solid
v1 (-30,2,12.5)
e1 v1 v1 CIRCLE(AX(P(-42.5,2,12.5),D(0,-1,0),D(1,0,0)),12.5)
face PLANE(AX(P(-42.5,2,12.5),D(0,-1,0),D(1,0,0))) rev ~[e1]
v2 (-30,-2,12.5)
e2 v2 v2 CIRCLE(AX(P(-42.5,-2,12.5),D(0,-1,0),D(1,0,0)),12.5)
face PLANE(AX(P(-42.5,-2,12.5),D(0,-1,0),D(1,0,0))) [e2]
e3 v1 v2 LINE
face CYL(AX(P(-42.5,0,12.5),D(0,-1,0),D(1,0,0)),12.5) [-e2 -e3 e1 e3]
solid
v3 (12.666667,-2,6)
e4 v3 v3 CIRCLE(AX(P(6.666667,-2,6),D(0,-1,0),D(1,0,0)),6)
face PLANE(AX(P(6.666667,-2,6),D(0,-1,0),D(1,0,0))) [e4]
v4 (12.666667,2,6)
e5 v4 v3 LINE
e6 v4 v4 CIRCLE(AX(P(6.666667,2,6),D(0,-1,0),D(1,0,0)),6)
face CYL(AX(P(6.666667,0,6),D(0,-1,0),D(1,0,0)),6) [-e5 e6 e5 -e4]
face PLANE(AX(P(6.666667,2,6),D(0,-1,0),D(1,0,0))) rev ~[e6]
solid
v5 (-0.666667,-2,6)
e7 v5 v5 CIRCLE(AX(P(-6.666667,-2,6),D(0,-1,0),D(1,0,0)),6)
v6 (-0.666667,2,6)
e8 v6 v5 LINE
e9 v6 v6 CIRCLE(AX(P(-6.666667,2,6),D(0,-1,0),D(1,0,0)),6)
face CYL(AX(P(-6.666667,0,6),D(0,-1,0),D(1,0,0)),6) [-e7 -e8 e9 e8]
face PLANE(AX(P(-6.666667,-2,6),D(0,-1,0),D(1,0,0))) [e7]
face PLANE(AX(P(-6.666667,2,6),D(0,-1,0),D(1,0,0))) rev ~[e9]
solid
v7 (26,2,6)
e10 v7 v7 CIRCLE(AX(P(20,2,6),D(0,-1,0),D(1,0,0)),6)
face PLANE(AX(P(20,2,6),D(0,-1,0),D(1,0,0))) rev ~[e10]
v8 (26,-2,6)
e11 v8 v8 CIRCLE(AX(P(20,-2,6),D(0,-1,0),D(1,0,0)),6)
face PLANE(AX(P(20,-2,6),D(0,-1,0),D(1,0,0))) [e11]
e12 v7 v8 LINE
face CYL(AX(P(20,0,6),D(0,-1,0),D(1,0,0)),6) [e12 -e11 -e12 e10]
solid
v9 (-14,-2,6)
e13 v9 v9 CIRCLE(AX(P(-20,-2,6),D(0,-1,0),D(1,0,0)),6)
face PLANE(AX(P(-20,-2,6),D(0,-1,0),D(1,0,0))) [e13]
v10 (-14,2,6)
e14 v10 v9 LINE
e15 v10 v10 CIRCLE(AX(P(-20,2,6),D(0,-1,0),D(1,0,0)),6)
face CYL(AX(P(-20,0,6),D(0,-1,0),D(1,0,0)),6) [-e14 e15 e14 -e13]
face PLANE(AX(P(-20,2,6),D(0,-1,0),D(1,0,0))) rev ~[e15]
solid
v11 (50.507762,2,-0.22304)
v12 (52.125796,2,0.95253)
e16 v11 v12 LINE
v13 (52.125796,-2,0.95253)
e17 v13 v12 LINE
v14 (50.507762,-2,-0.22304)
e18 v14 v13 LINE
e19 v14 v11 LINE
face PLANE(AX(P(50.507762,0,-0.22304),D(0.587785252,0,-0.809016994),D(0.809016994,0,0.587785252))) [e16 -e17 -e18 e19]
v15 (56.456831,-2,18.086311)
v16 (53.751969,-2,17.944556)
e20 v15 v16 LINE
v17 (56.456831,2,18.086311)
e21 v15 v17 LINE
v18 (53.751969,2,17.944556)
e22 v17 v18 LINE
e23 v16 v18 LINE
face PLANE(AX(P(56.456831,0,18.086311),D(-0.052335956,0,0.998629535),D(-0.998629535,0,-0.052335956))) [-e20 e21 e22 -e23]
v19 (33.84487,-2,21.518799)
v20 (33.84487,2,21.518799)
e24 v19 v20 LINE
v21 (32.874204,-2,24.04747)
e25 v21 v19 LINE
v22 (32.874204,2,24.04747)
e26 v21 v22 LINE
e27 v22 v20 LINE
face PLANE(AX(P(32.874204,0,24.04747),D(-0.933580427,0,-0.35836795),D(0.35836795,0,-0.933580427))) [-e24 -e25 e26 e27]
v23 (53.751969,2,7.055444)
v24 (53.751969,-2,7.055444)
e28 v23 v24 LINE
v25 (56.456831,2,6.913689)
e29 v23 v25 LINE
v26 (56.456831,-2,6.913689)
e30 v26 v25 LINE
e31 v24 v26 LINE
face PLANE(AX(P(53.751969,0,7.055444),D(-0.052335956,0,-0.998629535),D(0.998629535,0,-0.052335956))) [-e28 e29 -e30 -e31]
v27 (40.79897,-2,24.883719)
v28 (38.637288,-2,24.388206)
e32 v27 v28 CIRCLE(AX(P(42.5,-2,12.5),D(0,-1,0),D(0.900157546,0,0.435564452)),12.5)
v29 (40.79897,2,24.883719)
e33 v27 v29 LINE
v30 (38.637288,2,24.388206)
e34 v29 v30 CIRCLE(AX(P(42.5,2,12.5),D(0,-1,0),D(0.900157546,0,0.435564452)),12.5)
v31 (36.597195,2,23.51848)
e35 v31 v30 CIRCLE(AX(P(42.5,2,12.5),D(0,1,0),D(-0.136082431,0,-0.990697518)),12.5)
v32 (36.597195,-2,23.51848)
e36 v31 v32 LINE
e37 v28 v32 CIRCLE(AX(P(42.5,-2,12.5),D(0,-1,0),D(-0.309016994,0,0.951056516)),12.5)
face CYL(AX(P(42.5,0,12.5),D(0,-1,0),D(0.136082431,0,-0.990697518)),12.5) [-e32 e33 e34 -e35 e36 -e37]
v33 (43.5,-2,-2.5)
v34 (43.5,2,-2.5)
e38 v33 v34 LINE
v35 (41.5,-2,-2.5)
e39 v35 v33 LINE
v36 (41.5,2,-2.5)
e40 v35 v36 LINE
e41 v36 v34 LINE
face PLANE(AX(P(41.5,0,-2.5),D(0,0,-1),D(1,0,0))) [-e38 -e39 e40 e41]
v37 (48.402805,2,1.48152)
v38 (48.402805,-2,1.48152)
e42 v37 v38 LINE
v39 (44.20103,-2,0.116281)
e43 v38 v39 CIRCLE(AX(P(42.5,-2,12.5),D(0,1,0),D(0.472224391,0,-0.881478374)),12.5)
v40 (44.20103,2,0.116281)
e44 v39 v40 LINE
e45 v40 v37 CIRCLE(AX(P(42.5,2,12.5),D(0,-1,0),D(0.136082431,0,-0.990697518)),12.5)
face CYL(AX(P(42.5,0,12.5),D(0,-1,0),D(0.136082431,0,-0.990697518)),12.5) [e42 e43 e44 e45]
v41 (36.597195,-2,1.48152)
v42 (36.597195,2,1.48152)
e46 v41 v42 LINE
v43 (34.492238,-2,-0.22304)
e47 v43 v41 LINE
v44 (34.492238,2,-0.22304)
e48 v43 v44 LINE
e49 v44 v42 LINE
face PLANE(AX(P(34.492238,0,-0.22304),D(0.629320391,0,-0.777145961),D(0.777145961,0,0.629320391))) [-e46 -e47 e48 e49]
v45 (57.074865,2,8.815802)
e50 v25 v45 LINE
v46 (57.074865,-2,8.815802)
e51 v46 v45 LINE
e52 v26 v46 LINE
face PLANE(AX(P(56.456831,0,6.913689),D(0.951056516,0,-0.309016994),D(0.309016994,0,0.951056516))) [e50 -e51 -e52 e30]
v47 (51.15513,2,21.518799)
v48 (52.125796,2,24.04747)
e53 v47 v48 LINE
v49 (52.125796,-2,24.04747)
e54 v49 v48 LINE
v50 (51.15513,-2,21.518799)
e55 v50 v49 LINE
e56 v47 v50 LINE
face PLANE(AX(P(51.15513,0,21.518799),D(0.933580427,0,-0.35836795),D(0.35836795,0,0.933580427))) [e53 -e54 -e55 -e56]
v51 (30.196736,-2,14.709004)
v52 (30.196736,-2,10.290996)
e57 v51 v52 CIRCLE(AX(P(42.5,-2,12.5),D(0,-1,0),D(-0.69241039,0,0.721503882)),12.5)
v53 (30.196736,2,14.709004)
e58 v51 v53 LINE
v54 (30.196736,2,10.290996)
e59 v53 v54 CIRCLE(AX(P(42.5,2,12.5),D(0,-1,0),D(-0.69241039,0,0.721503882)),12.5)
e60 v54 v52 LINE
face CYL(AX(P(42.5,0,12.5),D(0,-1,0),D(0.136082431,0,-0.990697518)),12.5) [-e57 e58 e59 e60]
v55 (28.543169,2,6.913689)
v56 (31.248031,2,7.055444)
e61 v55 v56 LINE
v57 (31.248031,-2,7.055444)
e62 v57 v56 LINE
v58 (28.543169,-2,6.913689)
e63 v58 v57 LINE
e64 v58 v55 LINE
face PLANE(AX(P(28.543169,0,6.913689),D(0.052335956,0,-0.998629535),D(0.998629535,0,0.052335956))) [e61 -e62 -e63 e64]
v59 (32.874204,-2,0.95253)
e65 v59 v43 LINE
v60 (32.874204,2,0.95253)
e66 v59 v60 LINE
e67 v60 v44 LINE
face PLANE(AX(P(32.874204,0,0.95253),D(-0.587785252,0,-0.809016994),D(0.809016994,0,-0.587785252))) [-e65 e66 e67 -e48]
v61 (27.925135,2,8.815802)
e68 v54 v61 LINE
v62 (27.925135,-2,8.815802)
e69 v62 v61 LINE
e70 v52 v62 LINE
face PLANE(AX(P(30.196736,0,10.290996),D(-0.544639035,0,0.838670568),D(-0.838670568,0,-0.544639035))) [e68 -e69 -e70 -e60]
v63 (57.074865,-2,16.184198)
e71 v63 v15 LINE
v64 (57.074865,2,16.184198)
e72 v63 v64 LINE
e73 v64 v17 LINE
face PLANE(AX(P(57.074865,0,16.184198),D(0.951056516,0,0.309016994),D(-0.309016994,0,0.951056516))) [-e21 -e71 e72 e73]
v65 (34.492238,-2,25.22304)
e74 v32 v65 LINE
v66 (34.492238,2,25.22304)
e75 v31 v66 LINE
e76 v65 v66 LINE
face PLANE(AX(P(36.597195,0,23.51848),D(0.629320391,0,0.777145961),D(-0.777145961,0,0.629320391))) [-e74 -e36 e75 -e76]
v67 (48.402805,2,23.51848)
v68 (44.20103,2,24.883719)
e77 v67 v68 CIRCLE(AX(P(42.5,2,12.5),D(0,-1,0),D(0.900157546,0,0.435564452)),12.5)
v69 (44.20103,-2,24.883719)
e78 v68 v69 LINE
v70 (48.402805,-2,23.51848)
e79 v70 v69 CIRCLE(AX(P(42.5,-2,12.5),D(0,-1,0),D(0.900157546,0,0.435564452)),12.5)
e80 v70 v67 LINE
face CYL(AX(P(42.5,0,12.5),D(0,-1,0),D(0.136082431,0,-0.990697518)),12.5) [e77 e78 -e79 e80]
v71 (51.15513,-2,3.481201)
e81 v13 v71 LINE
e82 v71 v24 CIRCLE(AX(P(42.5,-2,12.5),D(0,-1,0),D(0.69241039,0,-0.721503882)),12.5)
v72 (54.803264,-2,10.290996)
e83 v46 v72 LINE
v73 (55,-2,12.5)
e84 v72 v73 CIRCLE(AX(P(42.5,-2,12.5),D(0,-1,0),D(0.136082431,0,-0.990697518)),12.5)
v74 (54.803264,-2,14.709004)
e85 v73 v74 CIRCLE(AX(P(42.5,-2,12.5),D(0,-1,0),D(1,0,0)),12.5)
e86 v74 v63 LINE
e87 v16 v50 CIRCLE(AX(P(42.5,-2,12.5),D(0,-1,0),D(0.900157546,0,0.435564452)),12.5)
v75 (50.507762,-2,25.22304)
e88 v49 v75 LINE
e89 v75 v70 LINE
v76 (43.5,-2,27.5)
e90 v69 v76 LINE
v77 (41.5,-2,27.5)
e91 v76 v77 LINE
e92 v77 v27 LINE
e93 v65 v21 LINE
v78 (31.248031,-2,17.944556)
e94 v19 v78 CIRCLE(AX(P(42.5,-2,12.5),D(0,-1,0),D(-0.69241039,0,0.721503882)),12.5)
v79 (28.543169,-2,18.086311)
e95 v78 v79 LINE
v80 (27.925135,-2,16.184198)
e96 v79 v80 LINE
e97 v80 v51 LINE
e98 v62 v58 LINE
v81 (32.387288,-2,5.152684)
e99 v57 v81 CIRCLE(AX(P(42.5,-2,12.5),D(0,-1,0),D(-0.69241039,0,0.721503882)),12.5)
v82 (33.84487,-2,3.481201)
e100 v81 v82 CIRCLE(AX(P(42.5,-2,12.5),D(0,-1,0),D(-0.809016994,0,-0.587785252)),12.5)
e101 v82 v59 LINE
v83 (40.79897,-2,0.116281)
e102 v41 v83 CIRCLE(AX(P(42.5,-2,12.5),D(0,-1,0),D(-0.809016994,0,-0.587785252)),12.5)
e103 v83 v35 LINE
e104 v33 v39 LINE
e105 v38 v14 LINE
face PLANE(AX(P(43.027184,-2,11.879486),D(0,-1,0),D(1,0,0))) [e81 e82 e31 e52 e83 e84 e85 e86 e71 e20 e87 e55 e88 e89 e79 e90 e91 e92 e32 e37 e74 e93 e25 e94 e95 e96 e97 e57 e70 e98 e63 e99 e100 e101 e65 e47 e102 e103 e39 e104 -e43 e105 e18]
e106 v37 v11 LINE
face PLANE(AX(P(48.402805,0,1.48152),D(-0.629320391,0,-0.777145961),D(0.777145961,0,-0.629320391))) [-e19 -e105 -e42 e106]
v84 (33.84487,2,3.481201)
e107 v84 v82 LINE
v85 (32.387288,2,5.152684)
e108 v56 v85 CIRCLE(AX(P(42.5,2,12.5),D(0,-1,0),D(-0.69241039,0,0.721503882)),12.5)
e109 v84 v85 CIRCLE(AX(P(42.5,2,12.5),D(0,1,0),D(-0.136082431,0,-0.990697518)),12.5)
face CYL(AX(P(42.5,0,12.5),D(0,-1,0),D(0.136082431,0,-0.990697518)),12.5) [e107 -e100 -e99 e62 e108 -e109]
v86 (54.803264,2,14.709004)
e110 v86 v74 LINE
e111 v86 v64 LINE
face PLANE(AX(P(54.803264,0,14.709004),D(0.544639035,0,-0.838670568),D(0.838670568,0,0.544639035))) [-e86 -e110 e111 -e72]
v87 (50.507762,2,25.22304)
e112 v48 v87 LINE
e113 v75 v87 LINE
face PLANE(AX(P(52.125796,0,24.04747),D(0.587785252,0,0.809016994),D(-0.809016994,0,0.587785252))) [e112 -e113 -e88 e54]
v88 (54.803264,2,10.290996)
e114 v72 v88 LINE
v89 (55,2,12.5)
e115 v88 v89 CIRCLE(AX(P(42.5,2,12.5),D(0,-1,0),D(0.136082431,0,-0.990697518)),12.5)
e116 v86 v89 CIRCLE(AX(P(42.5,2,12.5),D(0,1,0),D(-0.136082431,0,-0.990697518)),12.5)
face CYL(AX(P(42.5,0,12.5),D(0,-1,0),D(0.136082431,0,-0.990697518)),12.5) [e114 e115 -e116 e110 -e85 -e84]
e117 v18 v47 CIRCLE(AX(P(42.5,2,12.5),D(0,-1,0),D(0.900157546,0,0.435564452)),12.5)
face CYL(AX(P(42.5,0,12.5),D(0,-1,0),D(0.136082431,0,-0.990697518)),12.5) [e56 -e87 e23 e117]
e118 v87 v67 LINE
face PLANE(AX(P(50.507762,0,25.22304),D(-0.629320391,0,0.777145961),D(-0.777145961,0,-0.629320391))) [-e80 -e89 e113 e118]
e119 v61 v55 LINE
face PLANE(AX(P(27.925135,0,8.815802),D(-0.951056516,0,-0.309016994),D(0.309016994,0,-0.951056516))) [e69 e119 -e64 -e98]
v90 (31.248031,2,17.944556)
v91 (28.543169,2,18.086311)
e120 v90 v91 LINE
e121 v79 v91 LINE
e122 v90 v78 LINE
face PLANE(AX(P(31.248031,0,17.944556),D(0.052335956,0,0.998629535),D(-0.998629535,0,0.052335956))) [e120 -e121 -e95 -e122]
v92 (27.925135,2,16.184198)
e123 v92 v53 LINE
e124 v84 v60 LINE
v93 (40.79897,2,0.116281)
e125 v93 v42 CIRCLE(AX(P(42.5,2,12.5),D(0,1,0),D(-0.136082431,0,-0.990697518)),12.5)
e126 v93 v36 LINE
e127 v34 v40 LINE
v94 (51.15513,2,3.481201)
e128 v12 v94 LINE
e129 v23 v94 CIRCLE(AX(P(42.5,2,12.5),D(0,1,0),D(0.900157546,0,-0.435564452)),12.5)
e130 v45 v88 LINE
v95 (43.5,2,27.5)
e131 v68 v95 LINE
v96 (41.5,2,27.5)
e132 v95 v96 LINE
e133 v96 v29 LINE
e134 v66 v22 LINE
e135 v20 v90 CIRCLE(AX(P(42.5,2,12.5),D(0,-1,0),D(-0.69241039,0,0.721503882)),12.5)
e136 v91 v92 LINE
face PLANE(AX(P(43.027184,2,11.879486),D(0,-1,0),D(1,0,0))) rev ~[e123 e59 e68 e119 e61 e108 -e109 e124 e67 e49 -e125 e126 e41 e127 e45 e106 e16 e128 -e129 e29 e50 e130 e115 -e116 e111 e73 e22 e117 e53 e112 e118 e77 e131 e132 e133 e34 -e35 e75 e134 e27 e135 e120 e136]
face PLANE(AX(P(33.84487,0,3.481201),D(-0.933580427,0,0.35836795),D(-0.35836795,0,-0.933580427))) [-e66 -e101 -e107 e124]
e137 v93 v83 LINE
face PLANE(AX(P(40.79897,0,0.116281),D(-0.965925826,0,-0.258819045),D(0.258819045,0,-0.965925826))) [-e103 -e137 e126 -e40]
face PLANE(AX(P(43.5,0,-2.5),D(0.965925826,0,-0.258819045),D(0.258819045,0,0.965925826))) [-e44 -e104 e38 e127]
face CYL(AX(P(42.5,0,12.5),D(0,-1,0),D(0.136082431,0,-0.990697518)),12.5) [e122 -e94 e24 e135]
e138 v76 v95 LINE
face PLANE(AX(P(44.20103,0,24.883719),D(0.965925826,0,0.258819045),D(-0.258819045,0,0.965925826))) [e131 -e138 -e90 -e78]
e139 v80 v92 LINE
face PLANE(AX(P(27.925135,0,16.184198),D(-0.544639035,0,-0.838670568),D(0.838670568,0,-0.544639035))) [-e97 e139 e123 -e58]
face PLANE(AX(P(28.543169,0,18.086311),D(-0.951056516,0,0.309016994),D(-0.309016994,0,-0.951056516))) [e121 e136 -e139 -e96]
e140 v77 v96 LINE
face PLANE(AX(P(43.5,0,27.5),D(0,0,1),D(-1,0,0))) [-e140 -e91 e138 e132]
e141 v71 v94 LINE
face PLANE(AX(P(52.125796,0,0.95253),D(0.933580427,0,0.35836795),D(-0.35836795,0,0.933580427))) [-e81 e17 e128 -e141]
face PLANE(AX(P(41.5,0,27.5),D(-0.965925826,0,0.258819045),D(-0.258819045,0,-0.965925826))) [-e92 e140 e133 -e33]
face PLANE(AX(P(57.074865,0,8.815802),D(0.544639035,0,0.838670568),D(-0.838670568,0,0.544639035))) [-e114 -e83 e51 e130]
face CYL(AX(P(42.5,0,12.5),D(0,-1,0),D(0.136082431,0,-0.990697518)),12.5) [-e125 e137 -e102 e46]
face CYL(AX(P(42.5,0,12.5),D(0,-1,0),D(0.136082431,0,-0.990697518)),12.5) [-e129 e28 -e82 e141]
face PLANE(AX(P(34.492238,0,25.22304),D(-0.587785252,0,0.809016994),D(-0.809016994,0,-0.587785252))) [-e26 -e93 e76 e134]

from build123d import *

# Parameters (mm, degrees)
F1_DEPTH = 2
F0_R     = 6
F0_R_2   = 12.5
F2_COUNT = 10


with BuildPart() as f1:
    # F0 (on Front) → F1 (new body, symmetric)
    with BuildSketch(Plane.XZ):
        with BuildLine():
            ThreePointArc((44.2010303882, 0.1162810263), (51.9210636303, 4.2845535682), (55, 12.5))
            ThreePointArc((55, 12.5), (34.2845535682, 21.9210636303), (40.7989696118, 0.1162810263))
            ThreePointArc((40.7989696118, 0.1162810263), (42.5, 0), (44.2010303882, 0.1162810263))
        make_face()
        with BuildLine():
            ThreePointArc((44.2010303882, 0.1162810263), (42.5, 0), (40.7989696118, 0.1162810263))
            Line((40.7989696118, 0.1162810263), (41.5, -2.5))
            Line((41.5, -2.5), (42.5, -2.5))
            Line((42.5, -2.5), (43.5, -2.5))
            Line((43.5, -2.5), (44.2010303882, 0.1162810263))
        make_face()
    extrude(amount=F1_DEPTH, both=True)

    # F2: F1 ×10 about axis
    f2_axis = Axis((42.5, 0, 12.5), (0, -1, 0))


with BuildPart() as f1b:
    # F0 (on Front) → F1, piece 2 (new body, symmetric)
    with BuildSketch(Plane.XZ):
        with Locations((20, 6)):
            Circle(F0_R)
    extrude(amount=F1_DEPTH, both=True)


with BuildPart() as f1c:
    # F0 (on Front) → F1, piece 3 (new body, symmetric)
    with BuildSketch(Plane.XZ):
        with Locations((6.6666666667, 6)):
            Circle(F0_R)
    extrude(amount=F1_DEPTH, both=True)


with BuildPart() as f1d:
    # F0 (on Front) → F1, piece 4 (new body, symmetric)
    with BuildSketch(Plane.XZ):
        with Locations((-6.6666666667, 6)):
            Circle(F0_R)
    extrude(amount=F1_DEPTH, both=True)


with BuildPart() as f1e:
    # F0 (on Front) → F1, piece 5 (new body, symmetric)
    with BuildSketch(Plane.XZ):
        with Locations((-20, 6)):
            Circle(F0_R)
    extrude(amount=F1_DEPTH, both=True)


with BuildPart() as f1f:
    # F0 (on Front) → F1, piece 6 (new body, symmetric)
    with BuildSketch(Plane.XZ):
        with Locations((-42.5, 12.5)):
            Circle(F0_R_2)
    extrude(amount=F1_DEPTH, both=True)


with BuildPart() as f1_1:
    add(f1.part)
    for i in range(1, F2_COUNT):
        add(f1.part.rotate(f2_axis, i * 360 / F2_COUNT))


solid = Compound([f1b.part, f1c.part, f1d.part, f1e.part, f1f.part, f1_1.part])
